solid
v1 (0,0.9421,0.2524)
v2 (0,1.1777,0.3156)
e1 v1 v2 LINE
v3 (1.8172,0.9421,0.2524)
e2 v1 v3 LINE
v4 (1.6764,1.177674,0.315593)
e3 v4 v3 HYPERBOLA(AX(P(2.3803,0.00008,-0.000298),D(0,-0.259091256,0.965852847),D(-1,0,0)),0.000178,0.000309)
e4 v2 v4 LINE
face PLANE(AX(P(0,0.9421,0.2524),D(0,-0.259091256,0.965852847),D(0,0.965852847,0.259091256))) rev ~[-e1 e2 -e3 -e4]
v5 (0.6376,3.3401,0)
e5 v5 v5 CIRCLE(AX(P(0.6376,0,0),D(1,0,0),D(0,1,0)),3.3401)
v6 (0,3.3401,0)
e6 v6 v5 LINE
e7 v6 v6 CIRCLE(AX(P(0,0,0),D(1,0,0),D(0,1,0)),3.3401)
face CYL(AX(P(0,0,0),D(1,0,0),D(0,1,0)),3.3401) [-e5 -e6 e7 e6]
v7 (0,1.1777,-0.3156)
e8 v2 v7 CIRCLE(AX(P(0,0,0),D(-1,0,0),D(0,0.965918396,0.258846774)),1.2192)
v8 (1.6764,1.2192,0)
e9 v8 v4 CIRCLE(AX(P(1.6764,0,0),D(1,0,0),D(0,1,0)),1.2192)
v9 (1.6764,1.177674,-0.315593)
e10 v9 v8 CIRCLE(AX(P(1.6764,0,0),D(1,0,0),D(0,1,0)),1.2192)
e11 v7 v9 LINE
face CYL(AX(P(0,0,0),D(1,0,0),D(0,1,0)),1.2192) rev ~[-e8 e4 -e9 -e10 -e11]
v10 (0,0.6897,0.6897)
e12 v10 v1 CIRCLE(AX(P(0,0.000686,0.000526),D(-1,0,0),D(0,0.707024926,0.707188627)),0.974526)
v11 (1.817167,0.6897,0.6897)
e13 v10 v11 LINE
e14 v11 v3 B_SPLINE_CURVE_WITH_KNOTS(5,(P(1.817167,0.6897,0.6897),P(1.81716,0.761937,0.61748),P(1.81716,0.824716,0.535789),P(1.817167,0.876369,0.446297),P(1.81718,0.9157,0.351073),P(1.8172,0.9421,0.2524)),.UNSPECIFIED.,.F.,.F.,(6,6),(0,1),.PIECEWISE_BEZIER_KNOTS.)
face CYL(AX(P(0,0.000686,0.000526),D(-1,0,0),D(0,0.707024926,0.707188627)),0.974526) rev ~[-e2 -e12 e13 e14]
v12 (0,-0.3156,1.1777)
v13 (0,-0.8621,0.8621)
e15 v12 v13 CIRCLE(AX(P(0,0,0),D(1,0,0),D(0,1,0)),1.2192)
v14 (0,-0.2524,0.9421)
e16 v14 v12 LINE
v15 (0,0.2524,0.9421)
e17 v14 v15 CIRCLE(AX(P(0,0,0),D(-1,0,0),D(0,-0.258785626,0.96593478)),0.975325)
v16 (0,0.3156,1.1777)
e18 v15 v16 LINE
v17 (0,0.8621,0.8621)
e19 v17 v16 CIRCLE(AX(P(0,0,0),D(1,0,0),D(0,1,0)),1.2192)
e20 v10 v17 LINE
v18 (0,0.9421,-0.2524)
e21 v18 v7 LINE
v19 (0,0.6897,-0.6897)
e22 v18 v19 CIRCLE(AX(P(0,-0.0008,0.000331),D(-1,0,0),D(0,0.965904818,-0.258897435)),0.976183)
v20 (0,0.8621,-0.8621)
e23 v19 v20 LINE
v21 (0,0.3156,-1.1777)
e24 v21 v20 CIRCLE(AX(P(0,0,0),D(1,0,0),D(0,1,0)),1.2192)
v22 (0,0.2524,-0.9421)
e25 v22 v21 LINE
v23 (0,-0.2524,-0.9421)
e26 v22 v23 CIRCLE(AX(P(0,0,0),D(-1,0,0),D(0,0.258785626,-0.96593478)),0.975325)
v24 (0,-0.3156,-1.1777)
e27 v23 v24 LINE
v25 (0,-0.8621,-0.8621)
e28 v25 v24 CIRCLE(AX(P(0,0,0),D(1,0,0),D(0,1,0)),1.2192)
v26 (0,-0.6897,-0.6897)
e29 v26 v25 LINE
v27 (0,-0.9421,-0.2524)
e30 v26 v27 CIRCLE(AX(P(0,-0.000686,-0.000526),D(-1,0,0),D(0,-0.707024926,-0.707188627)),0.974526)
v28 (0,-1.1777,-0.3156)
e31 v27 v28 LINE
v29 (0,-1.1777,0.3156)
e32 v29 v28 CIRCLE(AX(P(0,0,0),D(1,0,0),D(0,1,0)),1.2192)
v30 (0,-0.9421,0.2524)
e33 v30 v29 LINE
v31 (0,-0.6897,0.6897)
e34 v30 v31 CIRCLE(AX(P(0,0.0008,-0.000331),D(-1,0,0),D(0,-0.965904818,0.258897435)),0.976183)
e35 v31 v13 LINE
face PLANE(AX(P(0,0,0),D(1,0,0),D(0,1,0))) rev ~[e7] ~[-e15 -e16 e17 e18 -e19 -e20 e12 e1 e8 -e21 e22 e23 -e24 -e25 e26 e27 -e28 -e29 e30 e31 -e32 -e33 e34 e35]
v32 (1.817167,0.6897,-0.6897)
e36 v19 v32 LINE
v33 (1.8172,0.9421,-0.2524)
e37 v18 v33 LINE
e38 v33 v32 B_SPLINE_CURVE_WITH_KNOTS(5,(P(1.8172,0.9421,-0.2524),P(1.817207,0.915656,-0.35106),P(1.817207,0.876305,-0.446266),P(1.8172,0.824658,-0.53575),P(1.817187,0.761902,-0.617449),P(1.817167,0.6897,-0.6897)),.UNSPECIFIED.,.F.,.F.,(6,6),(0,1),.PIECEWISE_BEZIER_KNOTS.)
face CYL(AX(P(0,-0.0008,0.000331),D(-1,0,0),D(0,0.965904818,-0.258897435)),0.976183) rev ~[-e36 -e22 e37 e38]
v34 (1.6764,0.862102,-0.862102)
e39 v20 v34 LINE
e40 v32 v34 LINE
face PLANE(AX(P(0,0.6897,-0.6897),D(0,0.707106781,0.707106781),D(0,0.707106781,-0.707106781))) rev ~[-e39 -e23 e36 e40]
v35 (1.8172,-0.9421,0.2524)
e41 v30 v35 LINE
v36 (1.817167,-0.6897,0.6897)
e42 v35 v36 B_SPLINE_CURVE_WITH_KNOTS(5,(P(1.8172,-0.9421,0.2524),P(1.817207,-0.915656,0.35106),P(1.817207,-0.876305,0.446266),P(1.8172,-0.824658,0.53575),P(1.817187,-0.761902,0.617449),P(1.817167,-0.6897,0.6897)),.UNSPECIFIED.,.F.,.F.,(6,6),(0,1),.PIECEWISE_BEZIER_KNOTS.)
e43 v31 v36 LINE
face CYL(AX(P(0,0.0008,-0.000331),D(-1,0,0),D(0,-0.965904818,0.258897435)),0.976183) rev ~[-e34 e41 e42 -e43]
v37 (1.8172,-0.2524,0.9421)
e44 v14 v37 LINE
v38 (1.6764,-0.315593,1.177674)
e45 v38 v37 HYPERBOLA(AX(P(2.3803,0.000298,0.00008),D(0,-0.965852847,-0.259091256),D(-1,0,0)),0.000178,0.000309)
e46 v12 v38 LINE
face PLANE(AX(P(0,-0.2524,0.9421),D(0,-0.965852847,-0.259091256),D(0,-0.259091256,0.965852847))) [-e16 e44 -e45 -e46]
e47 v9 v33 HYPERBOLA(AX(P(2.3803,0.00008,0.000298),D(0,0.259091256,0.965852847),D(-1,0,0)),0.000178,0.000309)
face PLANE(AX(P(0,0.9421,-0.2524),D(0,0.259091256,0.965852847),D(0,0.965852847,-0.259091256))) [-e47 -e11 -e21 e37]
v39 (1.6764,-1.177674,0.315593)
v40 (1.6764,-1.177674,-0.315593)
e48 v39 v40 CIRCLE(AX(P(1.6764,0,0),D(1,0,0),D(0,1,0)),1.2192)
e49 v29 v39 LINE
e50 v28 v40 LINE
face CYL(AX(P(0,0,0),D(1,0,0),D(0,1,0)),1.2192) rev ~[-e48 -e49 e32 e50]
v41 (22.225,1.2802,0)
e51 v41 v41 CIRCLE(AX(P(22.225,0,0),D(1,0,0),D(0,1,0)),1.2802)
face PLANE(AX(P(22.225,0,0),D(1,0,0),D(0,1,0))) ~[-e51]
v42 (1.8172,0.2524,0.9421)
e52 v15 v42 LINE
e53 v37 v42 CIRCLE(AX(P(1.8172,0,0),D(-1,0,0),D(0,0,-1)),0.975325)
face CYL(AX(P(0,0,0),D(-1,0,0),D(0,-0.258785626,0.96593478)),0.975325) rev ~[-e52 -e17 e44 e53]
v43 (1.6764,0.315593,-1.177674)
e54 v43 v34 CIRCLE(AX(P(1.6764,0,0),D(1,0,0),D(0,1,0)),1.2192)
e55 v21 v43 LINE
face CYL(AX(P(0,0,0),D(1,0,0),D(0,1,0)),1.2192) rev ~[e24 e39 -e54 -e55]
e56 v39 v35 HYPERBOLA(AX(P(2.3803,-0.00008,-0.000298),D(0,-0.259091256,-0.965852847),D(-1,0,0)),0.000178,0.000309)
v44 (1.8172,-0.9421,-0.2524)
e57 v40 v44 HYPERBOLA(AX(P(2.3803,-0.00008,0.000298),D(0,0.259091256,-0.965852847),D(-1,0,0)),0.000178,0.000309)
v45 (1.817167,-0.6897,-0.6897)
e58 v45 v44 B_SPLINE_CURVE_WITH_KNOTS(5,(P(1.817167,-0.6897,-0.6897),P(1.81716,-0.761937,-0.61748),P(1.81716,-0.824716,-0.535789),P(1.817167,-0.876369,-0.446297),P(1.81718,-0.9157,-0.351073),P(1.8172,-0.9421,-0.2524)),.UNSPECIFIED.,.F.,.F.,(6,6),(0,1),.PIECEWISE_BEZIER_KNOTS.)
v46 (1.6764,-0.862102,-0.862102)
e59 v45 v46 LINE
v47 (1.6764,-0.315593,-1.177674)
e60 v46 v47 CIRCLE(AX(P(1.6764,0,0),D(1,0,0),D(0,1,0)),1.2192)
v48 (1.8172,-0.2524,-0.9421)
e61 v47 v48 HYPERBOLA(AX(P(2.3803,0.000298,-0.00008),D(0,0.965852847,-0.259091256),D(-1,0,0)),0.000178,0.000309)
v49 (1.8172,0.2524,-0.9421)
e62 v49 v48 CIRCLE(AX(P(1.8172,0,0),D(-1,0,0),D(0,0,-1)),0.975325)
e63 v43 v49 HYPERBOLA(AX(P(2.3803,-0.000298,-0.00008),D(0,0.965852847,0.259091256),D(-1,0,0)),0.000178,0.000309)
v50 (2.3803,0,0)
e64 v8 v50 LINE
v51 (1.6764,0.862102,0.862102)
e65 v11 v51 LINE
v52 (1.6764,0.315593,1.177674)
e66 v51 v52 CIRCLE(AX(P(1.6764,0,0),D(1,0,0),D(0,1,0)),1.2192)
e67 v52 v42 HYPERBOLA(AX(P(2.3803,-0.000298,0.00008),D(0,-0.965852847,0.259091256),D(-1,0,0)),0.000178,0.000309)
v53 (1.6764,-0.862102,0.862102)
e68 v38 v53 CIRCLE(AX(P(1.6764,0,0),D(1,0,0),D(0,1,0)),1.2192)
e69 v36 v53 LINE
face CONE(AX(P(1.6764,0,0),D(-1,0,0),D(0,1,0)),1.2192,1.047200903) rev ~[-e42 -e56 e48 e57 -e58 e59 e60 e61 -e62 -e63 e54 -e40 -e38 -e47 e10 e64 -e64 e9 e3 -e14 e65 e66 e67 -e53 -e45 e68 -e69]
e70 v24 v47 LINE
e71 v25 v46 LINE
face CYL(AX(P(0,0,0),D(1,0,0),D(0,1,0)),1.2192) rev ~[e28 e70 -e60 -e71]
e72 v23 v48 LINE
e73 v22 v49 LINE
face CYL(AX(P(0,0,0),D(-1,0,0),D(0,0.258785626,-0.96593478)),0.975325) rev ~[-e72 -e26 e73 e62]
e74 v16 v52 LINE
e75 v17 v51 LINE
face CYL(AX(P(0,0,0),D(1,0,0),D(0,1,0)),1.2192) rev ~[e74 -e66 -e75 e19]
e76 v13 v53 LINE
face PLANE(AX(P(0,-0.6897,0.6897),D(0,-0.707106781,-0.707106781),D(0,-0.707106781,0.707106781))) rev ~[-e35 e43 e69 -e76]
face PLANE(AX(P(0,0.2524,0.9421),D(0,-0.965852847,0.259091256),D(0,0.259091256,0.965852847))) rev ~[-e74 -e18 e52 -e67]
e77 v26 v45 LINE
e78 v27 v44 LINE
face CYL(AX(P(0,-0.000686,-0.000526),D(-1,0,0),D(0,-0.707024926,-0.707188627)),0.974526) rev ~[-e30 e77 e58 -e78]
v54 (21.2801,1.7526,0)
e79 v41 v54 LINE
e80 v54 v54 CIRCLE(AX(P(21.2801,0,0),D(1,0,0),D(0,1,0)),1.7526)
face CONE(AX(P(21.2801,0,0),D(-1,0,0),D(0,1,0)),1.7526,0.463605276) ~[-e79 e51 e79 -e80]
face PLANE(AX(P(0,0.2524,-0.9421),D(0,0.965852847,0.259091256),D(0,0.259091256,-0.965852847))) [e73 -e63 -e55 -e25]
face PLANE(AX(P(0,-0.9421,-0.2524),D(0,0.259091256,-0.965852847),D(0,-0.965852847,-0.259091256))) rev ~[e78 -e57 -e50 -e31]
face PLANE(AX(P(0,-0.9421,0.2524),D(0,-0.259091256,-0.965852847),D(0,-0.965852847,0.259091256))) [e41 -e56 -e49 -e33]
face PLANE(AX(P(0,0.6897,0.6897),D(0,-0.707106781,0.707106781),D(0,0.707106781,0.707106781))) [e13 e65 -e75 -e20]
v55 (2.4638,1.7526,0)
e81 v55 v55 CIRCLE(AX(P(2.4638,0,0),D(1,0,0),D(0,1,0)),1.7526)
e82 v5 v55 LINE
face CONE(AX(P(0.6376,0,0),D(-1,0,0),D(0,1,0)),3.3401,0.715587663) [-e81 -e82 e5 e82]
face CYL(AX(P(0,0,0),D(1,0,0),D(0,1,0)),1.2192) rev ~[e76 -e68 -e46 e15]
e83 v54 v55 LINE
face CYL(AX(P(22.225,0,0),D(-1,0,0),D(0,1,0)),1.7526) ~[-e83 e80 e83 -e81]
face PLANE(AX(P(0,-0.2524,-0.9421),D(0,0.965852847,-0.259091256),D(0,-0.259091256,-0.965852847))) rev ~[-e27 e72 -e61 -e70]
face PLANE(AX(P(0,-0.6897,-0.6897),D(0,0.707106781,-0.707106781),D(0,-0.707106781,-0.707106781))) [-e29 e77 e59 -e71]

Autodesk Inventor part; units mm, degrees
ref_plane "YZ Plane" through (0, 0, 0) normal (1, 0, 0) x (0, 1, 0)
ref_plane "XZ Plane" through (0, 0, 0) normal (0, 1, 0) x (-1, 0, 0)
sketch "Sketch1" plane through (0, 0, 0) normal (0, 0, 1) x (1, 0, 0)
  line L0 (22.225, 0) -> (22.225, 1.7526)
  line L1 (22.225, 1.7526) -> (2.4638, 1.7526)
  line L2 (0, 3.3401) -> (0, 1.2192)
  line L3 (0, 1.2192) -> (1.6764, 1.2192)
  line L4 (1.6764, 1.2192) -> (2.3803, 0)
  line L5 (2.3803, 0) -> (22.225, 0)
  line L6 (0, 3.3401) -> (0.6376, 3.3401)
  line L7 (0.6376, 3.3401) -> (2.4638, 1.7526)
  line L8 (-4.445, 0) -> (26.67, 0) projected
  line L9 (0, -0.668) -> (0, 4.0081) projected
  dimension "d0" = 22.225
  dimension "d1" = 1.6764
  dimension "d2" = 3.5052
  dimension "d3" = 2.4638
  dimension "d4" = 41
  dimension "d5" = 2.4384
  dimension "d6" = 60
  dimension "d7" = 6.6802
revolve "Body" add sketch "Sketch1" angle 360 about axis through (2.3803, 0, 0) along (1, 0, 0) contours L5 L4 L3 L2 L6 L7 L1 L0
sketch "Sketch2" plane through (0, 0, 0) normal (-1, 0, 0) x (0, 0, 1)
  circle A0 centre (0, 0) radius 3.3401 projected
  circle A1 centre (0, 0) radius 1.2192 projected
  line L0 (0.9421, 0.2524) -> (1.1777, 0.3156)
  line L1 (0.9421, -0.2524) -> (1.1777, -0.3156)
  arc A2 (0.9421, -0.2524) -> (0.9421, 0.2524) centre (0, 0) ccw
  arc A3 (1.1777, -0.3156) -> (1.1777, 0.3156) centre (0, 0) ccw
  line L2 (0, -4.6761) -> (0, 4.6761) projected
  line L3 (-4.6761, 0) -> (4.6761, 0) projected
  line L4 (0.9421, 0.2524) -> (0, 0) construction
  line L5 (0, 0) -> (0.9421, -0.2524) construction
  line L6 (0.2524, 0.9421) -> (0.3156, 1.1777)
  line L7 (0.6897, 0.6897) -> (0.8621, 0.8621)
  arc A4 (0.6897, 0.6897) -> (0.2524, 0.9421) centre (0, 0) ccw
  arc A5 (0.8621, 0.8621) -> (0.3156, 1.1777) centre (0, 0) ccw
  line L8 (-0.6897, 0.6897) -> (-0.8621, 0.8621)
  line L9 (-0.2524, 0.9421) -> (-0.3156, 1.1777)
  arc A6 (-0.2524, 0.9421) -> (-0.6897, 0.6897) centre (0, 0) ccw
  arc A7 (-0.3156, 1.1777) -> (-0.8621, 0.8621) centre (0, 0) ccw
  line L10 (-0.9421, -0.2524) -> (-1.1777, -0.3156)
  line L11 (-0.9421, 0.2524) -> (-1.1777, 0.3156)
  arc A8 (-0.9421, 0.2524) -> (-0.9421, -0.2524) centre (0, 0) ccw
  arc A9 (-1.1777, 0.3156) -> (-1.1777, -0.3156) centre (0, 0) ccw
  line L12 (-0.2524, -0.9421) -> (-0.3156, -1.1777)
  line L13 (-0.6897, -0.6897) -> (-0.8621, -0.8621)
  arc A10 (-0.6897, -0.6897) -> (-0.2524, -0.9421) centre (0, 0) ccw
  arc A11 (-0.8621, -0.8621) -> (-0.3156, -1.1777) centre (0, 0) ccw
  line L14 (0.6897, -0.6897) -> (0.8621, -0.8621)
  line L15 (0.2524, -0.9421) -> (0.3156, -1.1777)
  arc A12 (0.2524, -0.9421) -> (0.6897, -0.6897) centre (0, 0) ccw
  arc A13 (0.3156, -1.1777) -> (0.8621, -0.8621) centre (0, 0) ccw
  dimension "d8" = 1.9507
  dimension "d9" = 2.4384
  dimension "d10" = 15
  dimension "d11" = 15
  dimension "d22" = 360
extrude "Slot" add sketch "Sketch2" against normal up to next contours L3 A2 L0 A1 | A1 L1 A2 L3 | L3 A8 L10 A1 | A1 L11 A8 L3 | A1 L7 A4 L6 | L9 A6 L8 A1 | A1 L13 A10 L12 | L15 A12 L14 A1
thread "Thread" size "6-32 UNC" class "2A" standard "ANSI Unified Screw Threads" length 17.777
chamfer "Chamfer1" distance 0.4724 distance2 0.9449 1 edges at (22.225, -1.7526, 0) measured on face at (22.225, -0.4543, 0.2476)
ref_plane "Work Plane1" through (66.6877, 0, 0) normal (0, 0, -1) x (1, 0, 0)
equation "\"d0\" = NLG"
equation "\"d1\" = INTI"
equation "\"d2\" = GD"
equation "\"d3\" = KOH"
equation "\"d4\" = 0.5 * SEWI"
equation "\"d5\" = SW"
equation "\"d7\" = KOD"
equation "\"d8\" = 0.8 * SW"
equation "\"d9\" = SW"
equation "\"d15\" = GEL"
equation "\"d17\" = -0.5 * SPD + 0.5 * GD"
equation "\"d18\" = GUL"
equation "\"NLG\" = 22.225"
equation "\"SW\" = 2.4384"
equation "\"INTI\" = 1.6764"
equation "\"GEL\" = 17.77695"
equation "\"KOH\" = 2.4638"
equation "\"KOD\" = 6.6802"
equation "\"GUL\" = 0.94488"
equation "\"SPD\" = 2.56032"
equation "\"GD\" = NND"
equation "\"SEWI\" = 82deg"
equation "\"TOA\" = 30deg"
equation "\"GD1\" = SPD"
equation "\"EPV\" = 4.4794"
equation "\"THREADDIA\" = 3.5052"
equation "\"BDM\" = NND"
equation "\"NND\" = 3.5052"
equation "\"GAL\" = 1.9845"
equation "\"E0\" = 1.155 * SW"
properties part number "ANSI B18.3 - 6-32 UNC x 0.875, SSFCHCSI" material "Steel, Mild"
